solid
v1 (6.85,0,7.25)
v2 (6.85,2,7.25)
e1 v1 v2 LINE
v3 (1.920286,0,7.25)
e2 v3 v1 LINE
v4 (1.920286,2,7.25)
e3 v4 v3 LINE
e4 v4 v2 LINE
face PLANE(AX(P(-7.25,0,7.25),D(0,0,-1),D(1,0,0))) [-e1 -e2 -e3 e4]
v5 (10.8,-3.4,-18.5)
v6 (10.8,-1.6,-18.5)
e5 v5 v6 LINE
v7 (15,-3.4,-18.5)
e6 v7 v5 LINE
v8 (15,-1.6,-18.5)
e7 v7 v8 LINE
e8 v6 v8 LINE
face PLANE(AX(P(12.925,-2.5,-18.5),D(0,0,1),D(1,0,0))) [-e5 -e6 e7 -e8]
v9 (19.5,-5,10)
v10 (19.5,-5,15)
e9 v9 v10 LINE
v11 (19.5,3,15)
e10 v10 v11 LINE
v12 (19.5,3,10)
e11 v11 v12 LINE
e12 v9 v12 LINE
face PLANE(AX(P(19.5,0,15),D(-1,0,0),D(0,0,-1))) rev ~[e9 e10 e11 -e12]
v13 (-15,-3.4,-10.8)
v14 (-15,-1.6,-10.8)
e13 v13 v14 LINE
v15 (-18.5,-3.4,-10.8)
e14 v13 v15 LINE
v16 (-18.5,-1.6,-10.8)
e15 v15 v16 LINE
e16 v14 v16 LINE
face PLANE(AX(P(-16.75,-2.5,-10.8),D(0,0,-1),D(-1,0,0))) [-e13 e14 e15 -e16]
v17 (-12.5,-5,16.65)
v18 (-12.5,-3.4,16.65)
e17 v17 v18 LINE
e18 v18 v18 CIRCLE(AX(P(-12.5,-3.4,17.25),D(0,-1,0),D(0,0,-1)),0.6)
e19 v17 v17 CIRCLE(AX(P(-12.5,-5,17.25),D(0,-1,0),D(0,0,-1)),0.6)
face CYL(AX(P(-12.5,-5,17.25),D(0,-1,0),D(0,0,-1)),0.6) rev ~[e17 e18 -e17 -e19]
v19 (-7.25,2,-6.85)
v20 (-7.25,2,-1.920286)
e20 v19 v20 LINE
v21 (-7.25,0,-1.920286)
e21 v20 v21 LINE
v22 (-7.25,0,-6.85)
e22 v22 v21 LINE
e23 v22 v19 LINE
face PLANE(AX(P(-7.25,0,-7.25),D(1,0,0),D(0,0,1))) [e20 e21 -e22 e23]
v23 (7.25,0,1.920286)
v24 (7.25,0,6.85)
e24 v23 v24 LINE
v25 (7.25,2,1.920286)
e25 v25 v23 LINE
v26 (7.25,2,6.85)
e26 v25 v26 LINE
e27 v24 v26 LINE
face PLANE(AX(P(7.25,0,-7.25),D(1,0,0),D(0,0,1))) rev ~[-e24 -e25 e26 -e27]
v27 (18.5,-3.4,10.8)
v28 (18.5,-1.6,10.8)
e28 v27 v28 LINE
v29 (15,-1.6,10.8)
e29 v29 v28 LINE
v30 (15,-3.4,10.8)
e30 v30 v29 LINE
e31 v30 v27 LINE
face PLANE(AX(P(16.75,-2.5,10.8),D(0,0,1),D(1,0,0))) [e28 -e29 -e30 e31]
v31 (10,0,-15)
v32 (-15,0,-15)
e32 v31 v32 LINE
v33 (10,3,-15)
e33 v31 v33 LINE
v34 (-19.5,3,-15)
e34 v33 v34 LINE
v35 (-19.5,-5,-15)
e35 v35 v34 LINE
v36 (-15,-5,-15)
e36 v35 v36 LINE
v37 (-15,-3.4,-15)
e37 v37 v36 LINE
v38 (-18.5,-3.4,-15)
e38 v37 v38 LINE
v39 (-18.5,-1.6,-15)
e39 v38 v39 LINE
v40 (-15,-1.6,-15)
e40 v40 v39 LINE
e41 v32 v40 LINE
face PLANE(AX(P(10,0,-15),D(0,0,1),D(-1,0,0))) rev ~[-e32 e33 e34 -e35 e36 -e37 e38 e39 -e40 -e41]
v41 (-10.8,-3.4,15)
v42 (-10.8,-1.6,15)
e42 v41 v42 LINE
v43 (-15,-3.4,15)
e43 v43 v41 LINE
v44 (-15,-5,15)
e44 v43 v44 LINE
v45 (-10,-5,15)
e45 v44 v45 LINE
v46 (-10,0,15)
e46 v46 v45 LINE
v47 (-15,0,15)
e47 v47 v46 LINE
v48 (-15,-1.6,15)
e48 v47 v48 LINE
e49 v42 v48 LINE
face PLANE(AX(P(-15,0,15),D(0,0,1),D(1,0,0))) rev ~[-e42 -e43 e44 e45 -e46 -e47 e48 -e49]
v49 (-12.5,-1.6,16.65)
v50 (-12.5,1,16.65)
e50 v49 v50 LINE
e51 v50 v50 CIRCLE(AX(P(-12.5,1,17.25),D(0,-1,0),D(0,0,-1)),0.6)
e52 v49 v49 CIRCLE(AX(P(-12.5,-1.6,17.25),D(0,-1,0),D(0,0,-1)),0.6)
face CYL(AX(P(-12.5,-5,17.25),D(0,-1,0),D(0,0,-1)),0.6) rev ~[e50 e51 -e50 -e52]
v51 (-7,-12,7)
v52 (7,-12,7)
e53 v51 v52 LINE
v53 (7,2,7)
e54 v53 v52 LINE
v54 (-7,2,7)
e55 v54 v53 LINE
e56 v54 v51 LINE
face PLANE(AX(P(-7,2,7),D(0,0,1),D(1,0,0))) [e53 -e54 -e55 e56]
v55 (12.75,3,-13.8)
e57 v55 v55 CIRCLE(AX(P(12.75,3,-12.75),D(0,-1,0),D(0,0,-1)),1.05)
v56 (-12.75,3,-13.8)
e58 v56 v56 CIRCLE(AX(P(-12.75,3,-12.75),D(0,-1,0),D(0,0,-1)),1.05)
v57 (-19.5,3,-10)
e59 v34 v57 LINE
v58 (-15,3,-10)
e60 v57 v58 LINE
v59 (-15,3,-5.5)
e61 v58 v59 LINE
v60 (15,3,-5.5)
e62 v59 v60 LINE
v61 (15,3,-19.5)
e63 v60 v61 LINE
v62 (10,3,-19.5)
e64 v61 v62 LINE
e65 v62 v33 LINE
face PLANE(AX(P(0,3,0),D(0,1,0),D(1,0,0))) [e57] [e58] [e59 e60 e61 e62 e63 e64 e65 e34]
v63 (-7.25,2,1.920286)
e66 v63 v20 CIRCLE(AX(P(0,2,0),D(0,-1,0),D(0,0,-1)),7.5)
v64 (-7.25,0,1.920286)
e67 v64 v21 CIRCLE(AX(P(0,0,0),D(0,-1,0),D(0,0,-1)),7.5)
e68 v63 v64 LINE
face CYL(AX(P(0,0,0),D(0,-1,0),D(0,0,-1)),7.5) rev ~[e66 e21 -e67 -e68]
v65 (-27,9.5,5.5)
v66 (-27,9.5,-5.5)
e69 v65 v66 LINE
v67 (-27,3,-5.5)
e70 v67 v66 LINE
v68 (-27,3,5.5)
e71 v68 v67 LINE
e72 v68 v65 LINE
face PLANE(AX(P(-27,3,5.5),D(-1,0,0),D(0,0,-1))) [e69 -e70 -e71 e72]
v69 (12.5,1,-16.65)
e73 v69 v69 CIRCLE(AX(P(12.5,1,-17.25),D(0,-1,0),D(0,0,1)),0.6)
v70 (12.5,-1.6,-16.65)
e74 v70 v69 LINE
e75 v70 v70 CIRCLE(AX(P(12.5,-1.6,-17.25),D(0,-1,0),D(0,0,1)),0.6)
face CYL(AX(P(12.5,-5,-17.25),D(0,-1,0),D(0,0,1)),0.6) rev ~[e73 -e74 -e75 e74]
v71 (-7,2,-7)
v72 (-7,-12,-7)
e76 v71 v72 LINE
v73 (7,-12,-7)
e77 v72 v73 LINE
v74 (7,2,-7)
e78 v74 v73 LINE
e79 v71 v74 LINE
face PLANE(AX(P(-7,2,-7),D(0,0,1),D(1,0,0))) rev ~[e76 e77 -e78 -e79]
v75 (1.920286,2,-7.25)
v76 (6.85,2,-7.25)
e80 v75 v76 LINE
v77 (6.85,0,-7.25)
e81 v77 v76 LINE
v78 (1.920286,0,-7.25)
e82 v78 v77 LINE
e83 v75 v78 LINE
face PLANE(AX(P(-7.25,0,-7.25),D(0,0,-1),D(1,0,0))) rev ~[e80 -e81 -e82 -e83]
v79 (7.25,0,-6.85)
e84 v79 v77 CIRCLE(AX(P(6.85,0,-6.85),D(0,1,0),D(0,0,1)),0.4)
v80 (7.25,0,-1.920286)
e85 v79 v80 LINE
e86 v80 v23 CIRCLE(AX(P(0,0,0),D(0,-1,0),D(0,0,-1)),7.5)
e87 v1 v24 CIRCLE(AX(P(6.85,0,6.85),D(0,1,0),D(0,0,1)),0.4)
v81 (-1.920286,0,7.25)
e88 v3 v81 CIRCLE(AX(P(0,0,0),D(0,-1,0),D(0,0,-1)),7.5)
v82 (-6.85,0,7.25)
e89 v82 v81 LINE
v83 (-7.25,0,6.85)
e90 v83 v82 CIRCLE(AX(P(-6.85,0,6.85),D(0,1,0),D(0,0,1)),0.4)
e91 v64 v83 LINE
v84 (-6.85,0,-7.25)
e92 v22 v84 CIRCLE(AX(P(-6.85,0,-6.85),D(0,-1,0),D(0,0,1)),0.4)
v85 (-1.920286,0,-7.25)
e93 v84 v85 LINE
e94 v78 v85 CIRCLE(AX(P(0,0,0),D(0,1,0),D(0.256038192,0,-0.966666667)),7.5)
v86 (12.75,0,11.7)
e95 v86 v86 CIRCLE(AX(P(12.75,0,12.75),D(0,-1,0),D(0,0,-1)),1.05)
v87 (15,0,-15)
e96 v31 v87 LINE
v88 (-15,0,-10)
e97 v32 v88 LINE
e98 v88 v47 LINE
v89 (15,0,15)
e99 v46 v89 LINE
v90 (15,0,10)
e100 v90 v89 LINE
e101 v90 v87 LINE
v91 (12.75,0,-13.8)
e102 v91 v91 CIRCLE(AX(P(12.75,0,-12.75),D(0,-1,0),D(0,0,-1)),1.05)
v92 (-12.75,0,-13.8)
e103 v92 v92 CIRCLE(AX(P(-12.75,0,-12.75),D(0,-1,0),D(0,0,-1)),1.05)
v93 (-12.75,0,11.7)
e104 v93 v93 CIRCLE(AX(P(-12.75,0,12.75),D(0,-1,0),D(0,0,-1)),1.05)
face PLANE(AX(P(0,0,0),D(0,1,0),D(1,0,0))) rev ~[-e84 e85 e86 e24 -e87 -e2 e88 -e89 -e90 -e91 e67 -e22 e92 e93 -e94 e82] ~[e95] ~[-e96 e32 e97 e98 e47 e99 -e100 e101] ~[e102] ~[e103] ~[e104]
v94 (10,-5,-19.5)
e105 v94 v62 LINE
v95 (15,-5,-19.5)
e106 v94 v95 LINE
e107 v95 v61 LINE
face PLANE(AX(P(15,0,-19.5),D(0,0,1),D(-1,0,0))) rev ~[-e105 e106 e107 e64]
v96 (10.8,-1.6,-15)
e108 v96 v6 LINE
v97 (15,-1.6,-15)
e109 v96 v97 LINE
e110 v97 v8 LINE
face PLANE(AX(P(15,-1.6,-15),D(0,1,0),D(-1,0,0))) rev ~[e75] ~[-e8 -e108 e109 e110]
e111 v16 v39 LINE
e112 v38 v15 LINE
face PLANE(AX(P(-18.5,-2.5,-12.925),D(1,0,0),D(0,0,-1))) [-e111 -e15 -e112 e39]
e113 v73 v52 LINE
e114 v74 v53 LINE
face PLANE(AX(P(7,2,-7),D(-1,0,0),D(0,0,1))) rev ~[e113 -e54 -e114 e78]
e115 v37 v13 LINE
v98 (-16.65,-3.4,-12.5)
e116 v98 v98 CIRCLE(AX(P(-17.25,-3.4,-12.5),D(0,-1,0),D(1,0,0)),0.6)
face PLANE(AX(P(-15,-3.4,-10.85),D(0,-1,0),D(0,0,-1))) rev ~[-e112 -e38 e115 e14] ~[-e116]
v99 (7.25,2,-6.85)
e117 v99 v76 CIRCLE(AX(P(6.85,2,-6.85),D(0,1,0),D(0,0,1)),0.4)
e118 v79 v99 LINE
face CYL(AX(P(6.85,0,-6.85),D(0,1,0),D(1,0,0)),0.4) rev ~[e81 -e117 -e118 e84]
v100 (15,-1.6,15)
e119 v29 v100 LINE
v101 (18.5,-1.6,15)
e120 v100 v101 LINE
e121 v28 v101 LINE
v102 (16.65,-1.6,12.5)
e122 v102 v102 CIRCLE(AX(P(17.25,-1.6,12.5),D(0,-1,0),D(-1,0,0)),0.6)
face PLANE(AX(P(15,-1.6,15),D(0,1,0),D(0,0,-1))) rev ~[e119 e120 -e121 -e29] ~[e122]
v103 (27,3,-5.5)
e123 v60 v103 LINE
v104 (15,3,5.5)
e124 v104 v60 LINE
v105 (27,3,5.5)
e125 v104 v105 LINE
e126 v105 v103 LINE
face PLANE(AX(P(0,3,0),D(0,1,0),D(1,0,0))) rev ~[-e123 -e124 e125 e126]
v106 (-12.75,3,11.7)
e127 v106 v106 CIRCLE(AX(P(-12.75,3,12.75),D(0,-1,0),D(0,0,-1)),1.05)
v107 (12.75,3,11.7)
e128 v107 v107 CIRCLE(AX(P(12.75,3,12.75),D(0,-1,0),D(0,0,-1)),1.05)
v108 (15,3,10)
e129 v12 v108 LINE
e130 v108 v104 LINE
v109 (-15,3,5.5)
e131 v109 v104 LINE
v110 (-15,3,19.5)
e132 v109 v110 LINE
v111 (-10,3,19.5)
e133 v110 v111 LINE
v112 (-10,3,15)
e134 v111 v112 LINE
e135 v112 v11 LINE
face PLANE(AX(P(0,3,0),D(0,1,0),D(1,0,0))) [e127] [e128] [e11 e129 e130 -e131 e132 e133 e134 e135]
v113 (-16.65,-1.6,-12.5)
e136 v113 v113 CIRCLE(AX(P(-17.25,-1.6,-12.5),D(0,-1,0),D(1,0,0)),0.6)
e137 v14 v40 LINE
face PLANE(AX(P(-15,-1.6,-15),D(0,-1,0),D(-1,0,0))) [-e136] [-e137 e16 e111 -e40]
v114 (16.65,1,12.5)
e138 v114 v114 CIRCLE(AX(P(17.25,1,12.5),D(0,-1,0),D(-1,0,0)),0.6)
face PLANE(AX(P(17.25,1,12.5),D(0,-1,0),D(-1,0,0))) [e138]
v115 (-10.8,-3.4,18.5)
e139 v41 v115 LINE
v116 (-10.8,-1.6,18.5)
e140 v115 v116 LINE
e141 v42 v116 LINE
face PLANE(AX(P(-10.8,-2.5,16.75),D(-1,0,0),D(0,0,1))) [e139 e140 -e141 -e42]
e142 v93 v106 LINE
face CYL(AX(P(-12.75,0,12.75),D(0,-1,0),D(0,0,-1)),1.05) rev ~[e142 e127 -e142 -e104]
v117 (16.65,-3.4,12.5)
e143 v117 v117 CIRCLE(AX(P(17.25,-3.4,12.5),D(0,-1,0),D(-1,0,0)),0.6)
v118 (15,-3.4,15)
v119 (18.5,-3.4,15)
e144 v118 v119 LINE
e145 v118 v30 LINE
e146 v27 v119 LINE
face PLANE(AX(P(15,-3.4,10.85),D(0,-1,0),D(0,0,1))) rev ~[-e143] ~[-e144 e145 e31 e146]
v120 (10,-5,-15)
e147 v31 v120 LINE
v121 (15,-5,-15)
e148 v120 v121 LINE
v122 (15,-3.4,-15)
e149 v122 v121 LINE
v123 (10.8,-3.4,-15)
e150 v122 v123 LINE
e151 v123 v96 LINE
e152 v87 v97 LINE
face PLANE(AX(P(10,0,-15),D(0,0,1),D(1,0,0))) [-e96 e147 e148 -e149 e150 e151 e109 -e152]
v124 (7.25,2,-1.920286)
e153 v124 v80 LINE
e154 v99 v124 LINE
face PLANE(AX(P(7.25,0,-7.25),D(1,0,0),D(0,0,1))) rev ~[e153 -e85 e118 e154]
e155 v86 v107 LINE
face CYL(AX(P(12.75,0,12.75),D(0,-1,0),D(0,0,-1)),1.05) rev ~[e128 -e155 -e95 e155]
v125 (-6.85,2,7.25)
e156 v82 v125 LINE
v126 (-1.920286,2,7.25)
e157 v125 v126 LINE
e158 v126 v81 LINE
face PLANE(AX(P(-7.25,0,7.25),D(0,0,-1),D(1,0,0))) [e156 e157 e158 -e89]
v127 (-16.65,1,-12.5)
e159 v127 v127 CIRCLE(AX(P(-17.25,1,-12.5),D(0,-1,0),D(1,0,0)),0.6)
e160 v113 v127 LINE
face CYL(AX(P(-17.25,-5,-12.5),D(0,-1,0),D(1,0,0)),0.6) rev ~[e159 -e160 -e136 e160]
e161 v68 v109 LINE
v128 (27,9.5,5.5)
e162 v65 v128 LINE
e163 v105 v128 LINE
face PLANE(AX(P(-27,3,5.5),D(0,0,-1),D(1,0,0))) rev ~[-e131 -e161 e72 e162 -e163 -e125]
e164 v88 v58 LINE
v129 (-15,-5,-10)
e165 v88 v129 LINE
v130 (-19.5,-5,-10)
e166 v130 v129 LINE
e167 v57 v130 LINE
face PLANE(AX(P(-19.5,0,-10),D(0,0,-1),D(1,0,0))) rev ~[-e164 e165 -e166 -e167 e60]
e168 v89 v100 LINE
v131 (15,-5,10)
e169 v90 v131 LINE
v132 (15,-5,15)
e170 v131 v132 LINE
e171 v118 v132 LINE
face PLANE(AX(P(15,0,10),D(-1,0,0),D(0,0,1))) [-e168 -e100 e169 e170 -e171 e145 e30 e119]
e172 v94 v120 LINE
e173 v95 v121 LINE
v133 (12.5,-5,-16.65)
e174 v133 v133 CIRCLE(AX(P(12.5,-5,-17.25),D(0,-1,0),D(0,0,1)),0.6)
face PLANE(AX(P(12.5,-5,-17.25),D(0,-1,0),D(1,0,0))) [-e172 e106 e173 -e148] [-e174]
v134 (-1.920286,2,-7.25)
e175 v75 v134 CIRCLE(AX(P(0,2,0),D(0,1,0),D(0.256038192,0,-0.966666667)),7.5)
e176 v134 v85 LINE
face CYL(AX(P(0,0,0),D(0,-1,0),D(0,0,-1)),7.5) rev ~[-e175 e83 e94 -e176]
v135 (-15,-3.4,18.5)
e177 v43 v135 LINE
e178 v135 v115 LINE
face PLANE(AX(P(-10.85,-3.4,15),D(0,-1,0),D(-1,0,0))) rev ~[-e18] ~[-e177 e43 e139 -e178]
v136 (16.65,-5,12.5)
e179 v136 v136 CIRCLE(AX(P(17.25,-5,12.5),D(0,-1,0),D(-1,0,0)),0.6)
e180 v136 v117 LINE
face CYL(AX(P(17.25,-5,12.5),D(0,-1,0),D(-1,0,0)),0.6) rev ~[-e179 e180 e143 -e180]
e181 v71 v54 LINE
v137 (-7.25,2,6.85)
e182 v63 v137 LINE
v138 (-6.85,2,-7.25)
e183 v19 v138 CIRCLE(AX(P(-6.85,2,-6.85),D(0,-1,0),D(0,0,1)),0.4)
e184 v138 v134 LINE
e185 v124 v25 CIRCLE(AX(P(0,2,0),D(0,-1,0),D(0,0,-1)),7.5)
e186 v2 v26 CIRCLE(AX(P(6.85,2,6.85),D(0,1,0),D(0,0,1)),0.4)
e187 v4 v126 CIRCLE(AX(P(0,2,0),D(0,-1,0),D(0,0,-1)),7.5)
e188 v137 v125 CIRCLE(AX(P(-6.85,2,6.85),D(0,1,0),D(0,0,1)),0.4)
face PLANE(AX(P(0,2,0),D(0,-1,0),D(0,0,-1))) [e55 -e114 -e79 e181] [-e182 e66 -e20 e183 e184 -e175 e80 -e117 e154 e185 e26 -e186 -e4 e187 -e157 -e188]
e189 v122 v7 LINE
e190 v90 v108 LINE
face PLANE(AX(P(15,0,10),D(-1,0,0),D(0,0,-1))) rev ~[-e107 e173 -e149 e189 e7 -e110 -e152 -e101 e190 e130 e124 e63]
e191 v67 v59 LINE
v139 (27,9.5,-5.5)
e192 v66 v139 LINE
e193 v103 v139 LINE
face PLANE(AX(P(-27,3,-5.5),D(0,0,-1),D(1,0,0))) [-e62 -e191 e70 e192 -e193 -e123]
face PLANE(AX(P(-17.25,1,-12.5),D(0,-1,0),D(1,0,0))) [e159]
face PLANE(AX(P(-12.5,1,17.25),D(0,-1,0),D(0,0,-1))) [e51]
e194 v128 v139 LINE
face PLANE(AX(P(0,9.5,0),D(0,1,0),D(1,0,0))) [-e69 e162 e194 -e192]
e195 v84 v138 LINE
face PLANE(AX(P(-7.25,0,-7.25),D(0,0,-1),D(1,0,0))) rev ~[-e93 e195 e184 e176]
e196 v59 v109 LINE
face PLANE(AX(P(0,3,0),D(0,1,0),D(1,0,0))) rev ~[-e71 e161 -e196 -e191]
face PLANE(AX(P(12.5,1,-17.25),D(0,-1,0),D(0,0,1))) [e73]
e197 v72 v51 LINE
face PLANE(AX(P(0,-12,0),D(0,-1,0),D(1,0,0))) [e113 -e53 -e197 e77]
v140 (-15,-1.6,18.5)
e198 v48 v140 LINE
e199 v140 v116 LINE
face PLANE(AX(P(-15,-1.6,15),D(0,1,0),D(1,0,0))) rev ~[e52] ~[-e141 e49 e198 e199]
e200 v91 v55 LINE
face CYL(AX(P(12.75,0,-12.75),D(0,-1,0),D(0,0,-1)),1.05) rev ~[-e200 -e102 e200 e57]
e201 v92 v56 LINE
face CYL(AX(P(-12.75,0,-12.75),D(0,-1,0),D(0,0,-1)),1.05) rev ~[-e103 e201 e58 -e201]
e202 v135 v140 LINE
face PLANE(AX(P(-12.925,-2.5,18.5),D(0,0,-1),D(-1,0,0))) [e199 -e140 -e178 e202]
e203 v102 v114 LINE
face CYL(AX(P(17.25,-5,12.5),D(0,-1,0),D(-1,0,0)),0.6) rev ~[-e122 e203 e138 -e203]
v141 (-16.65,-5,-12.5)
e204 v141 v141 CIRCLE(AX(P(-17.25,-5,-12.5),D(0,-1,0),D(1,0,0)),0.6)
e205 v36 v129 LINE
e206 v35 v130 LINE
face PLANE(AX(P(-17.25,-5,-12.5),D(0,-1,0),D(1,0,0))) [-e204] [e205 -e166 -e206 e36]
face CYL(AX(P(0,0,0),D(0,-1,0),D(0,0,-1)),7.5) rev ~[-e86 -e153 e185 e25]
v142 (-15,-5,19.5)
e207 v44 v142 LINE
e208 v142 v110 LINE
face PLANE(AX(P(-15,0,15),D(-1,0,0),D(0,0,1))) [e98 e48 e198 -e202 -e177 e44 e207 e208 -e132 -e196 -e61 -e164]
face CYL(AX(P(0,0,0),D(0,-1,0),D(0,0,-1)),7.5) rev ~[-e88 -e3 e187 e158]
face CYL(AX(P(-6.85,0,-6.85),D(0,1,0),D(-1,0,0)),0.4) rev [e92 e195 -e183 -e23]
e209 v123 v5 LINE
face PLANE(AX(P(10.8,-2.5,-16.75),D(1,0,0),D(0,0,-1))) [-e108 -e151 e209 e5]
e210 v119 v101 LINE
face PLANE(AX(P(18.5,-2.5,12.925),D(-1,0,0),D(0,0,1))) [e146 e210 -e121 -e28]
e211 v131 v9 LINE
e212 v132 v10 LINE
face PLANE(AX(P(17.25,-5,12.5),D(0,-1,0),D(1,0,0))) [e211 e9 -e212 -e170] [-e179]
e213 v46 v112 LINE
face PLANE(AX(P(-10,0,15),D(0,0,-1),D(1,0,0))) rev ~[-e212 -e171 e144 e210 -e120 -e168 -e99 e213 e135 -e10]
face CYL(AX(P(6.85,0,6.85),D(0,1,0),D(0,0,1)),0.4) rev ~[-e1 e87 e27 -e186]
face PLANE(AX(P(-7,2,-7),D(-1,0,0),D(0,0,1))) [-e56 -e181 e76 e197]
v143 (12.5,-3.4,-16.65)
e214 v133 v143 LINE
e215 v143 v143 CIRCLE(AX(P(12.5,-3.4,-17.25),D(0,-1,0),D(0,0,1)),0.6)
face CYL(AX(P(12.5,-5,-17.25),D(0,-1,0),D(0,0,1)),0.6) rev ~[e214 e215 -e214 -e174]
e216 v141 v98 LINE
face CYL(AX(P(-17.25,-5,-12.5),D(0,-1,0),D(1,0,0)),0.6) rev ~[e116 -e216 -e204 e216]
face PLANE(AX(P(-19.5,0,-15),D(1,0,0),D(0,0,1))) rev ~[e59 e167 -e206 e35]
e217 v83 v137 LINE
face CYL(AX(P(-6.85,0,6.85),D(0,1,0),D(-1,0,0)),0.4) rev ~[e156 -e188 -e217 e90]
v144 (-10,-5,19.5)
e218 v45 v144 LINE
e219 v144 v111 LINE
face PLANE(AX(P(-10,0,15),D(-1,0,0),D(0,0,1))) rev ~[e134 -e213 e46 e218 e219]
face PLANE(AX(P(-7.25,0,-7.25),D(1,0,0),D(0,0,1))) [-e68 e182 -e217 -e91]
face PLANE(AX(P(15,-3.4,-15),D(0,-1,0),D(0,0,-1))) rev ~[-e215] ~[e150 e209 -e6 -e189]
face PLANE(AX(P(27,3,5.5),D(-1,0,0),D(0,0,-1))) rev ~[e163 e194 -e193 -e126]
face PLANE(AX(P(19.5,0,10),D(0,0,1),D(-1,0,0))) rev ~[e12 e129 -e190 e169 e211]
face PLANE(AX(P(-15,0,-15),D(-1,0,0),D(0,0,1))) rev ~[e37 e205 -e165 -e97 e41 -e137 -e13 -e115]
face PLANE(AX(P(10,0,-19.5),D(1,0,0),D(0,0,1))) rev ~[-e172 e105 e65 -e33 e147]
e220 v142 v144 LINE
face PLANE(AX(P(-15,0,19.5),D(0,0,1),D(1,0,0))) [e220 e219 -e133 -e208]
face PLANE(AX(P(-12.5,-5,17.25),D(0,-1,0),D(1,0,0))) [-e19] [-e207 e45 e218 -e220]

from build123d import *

# Parameters (mm, degrees)
BOSS_EXTRUDE1_DEPTH = 3
SKETCH8_R           = 1.05
CUT_EXTRUDE1_DEPTH  = 28.739863013
SKETCH9_R           = 7.5
CUT_EXTRUDE2_DEPTH  = 2
SKETCH10_W          = 5
SKETCH10_H          = 4.5
SKETCH10_W_2        = 4.5
SKETCH10_H_2        = 5
BOSS_EXTRUDE2_DEPTH = 5
SKETCH11_R          = 0.6
CUT_EXTRUDE3_DEPTH  = 6
CUT_EXTRUDE4_DEPTH  = 3.5
CIRPATTERN1_COUNT   = 4
SKETCH15_W          = 3.5
SKETCH15_H          = 1.8
CUT_EXTRUDE5_DEPTH  = 4.2
CIRPATTERN2_COUNT   = 4
SKETCH16_W          = 14.5
SKETCH16_H          = 14.5
CUT_EXTRUDE6_DEPTH  = 2
FILLET1_R           = 0.4
SKETCH17_W          = 14
SKETCH17_H          = 14
BOSS_EXTRUDE3_DEPTH = 14
SKETCH18_W          = 54
SKETCH18_H          = 11
BOSS_EXTRUDE4_DEPTH = 6.5


with BuildPart() as part:
    # Sketch1 → Boss-Extrude1 (new body)
    with BuildSketch(Plane(origin=(0, 0, 0), x_dir=(1, 0, 0), z_dir=(0, 1, 0))):
        Polygon((19.5, -15), (19.5, -10), (15, -10), (15, 19.5), (10, 19.5), (10, 15), (-19.5, 15), (-19.5, 10), (-15, 10), (-15, -19.5), (-10, -19.5), (-10, -15), align=None)
    extrude(amount=BOSS_EXTRUDE1_DEPTH)

    # Sketch8 → Cut-Extrude1 (cut, through all)
    with BuildSketch(Plane(origin=(0, 0, 0), x_dir=(-1, 0, 0), z_dir=(0, -1, 0))):
        with Locations(Location((-12.75, 12.75, 0), (0, 0, 90))):
            Circle(SKETCH8_R)
        with Locations(Location((12.75, 12.75, 0), (0, 0, 90))):
            Circle(SKETCH8_R)
        with Locations(Location((12.75, -12.75, 0), (0, 0, 90))):
            Circle(SKETCH8_R)
        with Locations(Location((-12.75, -12.75, 0), (0, 0, 90))):
            Circle(SKETCH8_R)
    extrude(amount=-CUT_EXTRUDE1_DEPTH, mode=Mode.SUBTRACT)

    # Sketch9 → Cut-Extrude2 (cut)
    with BuildSketch(Plane(origin=(0, 0, 0), x_dir=(-1, 0, 0), z_dir=(0, -1, 0))):
        with Locations(Location((0, 0, 0), (0, 0, 90))):
            Circle(SKETCH9_R)
    extrude(amount=-CUT_EXTRUDE2_DEPTH, mode=Mode.SUBTRACT)

    # Sketch10 → Boss-Extrude2 (add)
    with BuildSketch(Plane.XZ):
        with Locations((-12.5, 17.25)):
            Rectangle(SKETCH10_W, SKETCH10_H)
        with Locations((-17.25, -12.5)):
            Rectangle(SKETCH10_W_2, SKETCH10_H_2)
        with Locations((12.5, -17.25)):
            Rectangle(SKETCH10_W, SKETCH10_H)
        with Locations((17.25, 12.5)):
            Rectangle(SKETCH10_W_2, SKETCH10_H_2)
    extrude(amount=BOSS_EXTRUDE2_DEPTH)

    # Sketch11 → Cut-Extrude3 (cut)
    with BuildSketch(Plane.XZ.offset(5)):
        with Locations(Location((-12.5, 17.25, 0), (0, 0, 270))):
            Circle(SKETCH11_R)
    cut_extrude3 = extrude(amount=-CUT_EXTRUDE3_DEPTH, mode=Mode.SUBTRACT)

    # Sketch13 → Cut-Extrude4 (cut)
    with BuildSketch(Plane(origin=(0, 0, 15), x_dir=(-1, 0, 0), z_dir=(0, 0, -1))):
        Polygon((10.85, -3.4), (14.15, -3.4), (15, -3.4), (15, -1.6), (14.15, -1.6), (10.85, -1.6), align=None)
    cut_extrude4 = extrude(amount=-CUT_EXTRUDE4_DEPTH, mode=Mode.SUBTRACT)

    # CirPattern1: Cut-Extrude3, Cut-Extrude4 ×4 about axis
    cirpattern1_axis = Axis((0, 0, 0), (0, 1, 0))
    add([cut_extrude3.rotate(cirpattern1_axis, i * 360 / CIRPATTERN1_COUNT) for i in range(1, CIRPATTERN1_COUNT)], mode=Mode.SUBTRACT)
    add([cut_extrude4.rotate(cirpattern1_axis, i * 360 / CIRPATTERN1_COUNT) for i in range(1, CIRPATTERN1_COUNT)], mode=Mode.SUBTRACT)

    # Sketch15 → Cut-Extrude5 (cut)
    with BuildSketch(Plane.XY.offset(15)):
        with Locations((16.75, -2.5)):
            Rectangle(SKETCH15_W, SKETCH15_H)
    cut_extrude5 = extrude(amount=-CUT_EXTRUDE5_DEPTH, mode=Mode.SUBTRACT)

    # CirPattern2: Cut-Extrude5 ×4 about axis
    cirpattern2_axis = Axis((0, 0, 0), (0, 1, 0))
    for i in range(1, CIRPATTERN2_COUNT):
        add(cut_extrude5.rotate(cirpattern2_axis, i * 360 / CIRPATTERN2_COUNT), mode=Mode.SUBTRACT)

    # Sketch16 → Cut-Extrude6 (cut)
    with BuildSketch(Plane.XZ):
        Rectangle(SKETCH16_W, SKETCH16_H)
    extrude(amount=-CUT_EXTRUDE6_DEPTH, mode=Mode.SUBTRACT)

    # Fillet1
    fillet1_edges = [part.edges().sort_by_distance(p)[0] for p in [
        (7.25, 1, 7.25),
        (7.25, 1, -7.25),
        (-7.25, 1, -7.25),
        (-7.25, 1, 7.25),
    ]]
    fillet(fillet1_edges, radius=FILLET1_R)

    # Sketch17 → Boss-Extrude3 (add)
    with BuildSketch(Plane.XZ.offset(-2)):
        Rectangle(SKETCH17_W, SKETCH17_H)
    extrude(amount=BOSS_EXTRUDE3_DEPTH)

    # Sketch18 → Boss-Extrude4 (add)
    with BuildSketch(Plane(origin=(0, 3, 0), x_dir=(1, 0, 0), z_dir=(0, 1, 0))):
        Rectangle(SKETCH18_W, SKETCH18_H)
    extrude(amount=BOSS_EXTRUDE4_DEPTH)


solid = part.part
